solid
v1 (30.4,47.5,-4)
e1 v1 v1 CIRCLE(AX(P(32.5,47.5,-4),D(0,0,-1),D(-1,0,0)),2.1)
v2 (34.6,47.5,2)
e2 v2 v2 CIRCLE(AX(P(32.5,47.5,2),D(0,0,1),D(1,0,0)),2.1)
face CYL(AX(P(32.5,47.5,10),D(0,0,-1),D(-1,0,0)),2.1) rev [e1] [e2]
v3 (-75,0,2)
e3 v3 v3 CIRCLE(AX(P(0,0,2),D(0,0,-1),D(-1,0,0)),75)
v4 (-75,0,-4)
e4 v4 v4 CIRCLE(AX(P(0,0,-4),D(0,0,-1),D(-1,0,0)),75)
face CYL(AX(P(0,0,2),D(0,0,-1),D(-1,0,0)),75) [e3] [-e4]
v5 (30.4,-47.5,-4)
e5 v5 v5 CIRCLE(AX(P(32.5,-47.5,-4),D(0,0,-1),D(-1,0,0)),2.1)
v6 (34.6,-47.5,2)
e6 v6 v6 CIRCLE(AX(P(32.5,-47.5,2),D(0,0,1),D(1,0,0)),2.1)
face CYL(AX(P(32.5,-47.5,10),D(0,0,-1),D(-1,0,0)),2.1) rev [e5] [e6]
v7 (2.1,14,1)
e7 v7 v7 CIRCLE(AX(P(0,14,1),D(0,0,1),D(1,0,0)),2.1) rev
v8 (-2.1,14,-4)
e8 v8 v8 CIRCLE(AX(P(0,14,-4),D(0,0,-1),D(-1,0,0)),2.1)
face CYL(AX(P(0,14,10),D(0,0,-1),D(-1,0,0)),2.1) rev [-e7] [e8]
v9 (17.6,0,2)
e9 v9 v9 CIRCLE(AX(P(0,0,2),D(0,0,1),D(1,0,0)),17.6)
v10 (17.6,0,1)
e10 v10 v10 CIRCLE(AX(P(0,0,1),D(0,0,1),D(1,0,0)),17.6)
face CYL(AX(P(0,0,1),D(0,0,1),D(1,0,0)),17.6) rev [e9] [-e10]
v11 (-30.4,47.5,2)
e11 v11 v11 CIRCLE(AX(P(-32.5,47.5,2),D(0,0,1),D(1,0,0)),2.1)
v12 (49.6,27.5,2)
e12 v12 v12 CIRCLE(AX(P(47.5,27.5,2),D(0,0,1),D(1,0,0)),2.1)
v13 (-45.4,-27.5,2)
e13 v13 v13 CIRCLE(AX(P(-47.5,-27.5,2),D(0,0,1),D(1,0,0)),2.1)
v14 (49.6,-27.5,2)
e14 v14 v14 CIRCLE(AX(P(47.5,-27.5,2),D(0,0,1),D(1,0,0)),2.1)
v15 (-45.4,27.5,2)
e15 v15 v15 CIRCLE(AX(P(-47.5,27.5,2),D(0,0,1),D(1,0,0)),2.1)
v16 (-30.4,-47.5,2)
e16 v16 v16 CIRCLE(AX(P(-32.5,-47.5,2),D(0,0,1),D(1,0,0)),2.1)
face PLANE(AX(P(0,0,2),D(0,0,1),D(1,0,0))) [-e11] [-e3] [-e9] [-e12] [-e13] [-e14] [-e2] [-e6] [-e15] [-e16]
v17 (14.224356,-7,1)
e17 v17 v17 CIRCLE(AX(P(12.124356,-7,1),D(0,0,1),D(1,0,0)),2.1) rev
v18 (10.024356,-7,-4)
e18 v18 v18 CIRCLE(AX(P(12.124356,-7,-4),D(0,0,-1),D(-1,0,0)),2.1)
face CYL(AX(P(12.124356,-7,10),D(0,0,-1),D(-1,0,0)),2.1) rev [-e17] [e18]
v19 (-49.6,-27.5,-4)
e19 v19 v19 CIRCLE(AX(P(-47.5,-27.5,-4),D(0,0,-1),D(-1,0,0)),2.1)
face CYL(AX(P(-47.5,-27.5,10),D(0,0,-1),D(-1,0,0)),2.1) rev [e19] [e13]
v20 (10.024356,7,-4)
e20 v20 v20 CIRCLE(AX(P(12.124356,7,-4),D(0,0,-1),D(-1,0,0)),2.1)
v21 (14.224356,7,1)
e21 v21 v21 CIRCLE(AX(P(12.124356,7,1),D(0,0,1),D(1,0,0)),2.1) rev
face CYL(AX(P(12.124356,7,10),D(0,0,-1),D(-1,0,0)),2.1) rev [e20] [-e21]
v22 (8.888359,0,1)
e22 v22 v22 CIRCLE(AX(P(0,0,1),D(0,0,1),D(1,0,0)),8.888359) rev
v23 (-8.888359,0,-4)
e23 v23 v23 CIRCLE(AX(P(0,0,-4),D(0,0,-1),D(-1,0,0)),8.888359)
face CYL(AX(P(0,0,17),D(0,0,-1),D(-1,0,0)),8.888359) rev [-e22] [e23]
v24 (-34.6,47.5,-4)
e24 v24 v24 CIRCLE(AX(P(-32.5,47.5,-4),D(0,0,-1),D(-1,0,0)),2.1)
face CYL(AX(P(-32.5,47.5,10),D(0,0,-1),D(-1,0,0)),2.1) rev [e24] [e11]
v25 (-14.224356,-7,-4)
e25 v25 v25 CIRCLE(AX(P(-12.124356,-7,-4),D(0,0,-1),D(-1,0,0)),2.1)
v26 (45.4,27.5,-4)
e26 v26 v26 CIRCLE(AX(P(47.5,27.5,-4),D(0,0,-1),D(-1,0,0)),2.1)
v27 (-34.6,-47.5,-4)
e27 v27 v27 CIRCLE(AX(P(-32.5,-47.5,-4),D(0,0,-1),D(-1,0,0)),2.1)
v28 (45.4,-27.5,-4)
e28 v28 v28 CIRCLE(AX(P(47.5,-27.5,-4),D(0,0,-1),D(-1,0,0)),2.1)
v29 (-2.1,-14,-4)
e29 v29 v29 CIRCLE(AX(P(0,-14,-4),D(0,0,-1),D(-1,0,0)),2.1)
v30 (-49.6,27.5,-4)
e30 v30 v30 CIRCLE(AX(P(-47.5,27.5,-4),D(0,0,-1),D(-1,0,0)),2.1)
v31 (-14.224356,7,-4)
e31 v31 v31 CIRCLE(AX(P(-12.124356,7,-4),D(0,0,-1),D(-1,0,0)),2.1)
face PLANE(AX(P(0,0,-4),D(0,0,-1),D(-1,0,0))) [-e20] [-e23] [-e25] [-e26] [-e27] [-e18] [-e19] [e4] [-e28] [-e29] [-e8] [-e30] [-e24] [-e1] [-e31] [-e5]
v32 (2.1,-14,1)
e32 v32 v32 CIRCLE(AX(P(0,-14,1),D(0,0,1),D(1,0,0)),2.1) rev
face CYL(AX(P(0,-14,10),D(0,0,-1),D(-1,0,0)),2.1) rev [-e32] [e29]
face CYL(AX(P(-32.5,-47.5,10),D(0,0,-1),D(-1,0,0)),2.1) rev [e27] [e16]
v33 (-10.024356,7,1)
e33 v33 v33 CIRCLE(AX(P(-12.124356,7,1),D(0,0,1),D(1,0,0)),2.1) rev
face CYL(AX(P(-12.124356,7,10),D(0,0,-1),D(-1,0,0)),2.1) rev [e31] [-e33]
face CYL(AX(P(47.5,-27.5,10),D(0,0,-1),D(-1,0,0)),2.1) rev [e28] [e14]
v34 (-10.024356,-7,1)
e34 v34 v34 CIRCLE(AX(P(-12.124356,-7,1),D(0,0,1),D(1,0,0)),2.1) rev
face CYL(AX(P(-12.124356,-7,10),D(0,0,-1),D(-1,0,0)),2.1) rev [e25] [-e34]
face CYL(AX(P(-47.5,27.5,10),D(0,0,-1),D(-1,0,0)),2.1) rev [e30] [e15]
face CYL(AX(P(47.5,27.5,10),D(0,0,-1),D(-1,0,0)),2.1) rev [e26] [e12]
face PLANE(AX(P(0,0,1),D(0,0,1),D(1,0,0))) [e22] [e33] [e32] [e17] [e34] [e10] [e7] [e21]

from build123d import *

# Parameters (mm, degrees)
SKETCH_1_R           = 40
EXTRUDE_1_DEPTH      = 2
SKETCH_2_R           = 34
CUT_EXTRUDE_1_DEPTH  = 0.5
SKETCH_3_R           = 17.5
CUT_EXTRUDE_4_DEPTH  = 1
SKETCH_5_R           = 2
CUT_EXTRUDE_5_DEPTH  = 1
SKETCH_6_R           = 8
CUT_EXTRUDE_6_DEPTH  = 10
SKETCH_7_R           = 2.1
CUT_EXTRUDE_7_DEPTH  = 10
SKETCH_8_R           = 70
SKETCH_8_R_2         = 40
EXTRUDE_2_DEPTH      = 2
EXTRUDE_3_DEPTH      = 2
SKETCH_11_R          = 75
SKETCH_11_R_2        = 2.1
SKETCH_11_R_3        = 8
EXTRUDE_4_DEPTH      = 2
SKETCH_13_W          = 95.696329608
SKETCH_13_H          = 36
SKETCH_13_W_2        = 36
SKETCH_13_H_2        = 100.137159233
SKETCH_13_H_3        = 96.241749767
CUT_EXTRUDE_10_DEPTH = 198
SKETCH_11_3_R        = 75
SKETCH_11_3_R_2      = 2.1
SKETCH_11_3_R_3      = 8
EXTRUDE_5_DEPTH      = 2
SKETCH_17_R          = 1.65
CUT_EXTRUDE_12_DEPTH = 280
SKETCH_18_R          = 234.864992374
CUT_EXTRUDE_13_DEPTH = 222
SKETCH_20_R          = 8.888358942
CUT_EXTRUDE_15_DEPTH = 17
SKETCH_28_R          = 17.5
CUT_EXTRUDE_16_DEPTH = 1
SKETCH_34_R          = 17.6
CUT_EXTRUDE_22_DEPTH = 1
SKETCH_30_R          = 2.1
CUT_EXTRUDE_27_DEPTH = 10
SKETCH_33_R          = 2.1
CUT_EXTRUDE_28_DEPTH = 10
EXTRUDE_START        = 4
SKETCH_40_R          = 75
SKETCH_40_R_2        = 8.888358942
SKETCH_40_R_3        = 2.1
EXTRUDE_6_DEPTH      = 4


with BuildPart() as part:
    # 草图1 → 凸台-拉伸1 (new body)
    with BuildSketch(Plane.XY):
        Circle(SKETCH_1_R)
    extrude(amount=EXTRUDE_1_DEPTH)

    # 草图2 → 切除-拉伸1 (cut)
    with BuildSketch(Plane.XY.offset(2)):
        Circle(SKETCH_2_R)
    extrude(amount=-CUT_EXTRUDE_1_DEPTH, mode=Mode.SUBTRACT)

    # 草图3 → 切除-拉伸4 (cut)
    with BuildSketch(Plane.XY.offset(1.5)):
        Circle(SKETCH_3_R)
    extrude(amount=-CUT_EXTRUDE_4_DEPTH, mode=Mode.SUBTRACT)

    # 草图5 → 切除-拉伸5 (cut)
    with BuildSketch(Plane.XY.offset(0.5)):
        with Locations((0, 14)):
            Circle(SKETCH_5_R)
        with Locations((12.124355653, 7)):
            Circle(SKETCH_5_R)
        with Locations((12.124355653, -7)):
            Circle(SKETCH_5_R)
        with Locations((0, -14)):
            Circle(SKETCH_5_R)
        with Locations((-12.124355653, -7)):
            Circle(SKETCH_5_R)
        with Locations((-12.124355653, 7)):
            Circle(SKETCH_5_R)
    extrude(amount=-CUT_EXTRUDE_5_DEPTH, mode=Mode.SUBTRACT)

    # 草图6 → 切除-拉伸6 (cut)
    with BuildSketch(Plane(origin=(0, 0, 0), x_dir=(-1, 0, 0), z_dir=(0, 0, -1))):
        Circle(SKETCH_6_R)
    extrude(amount=-CUT_EXTRUDE_6_DEPTH, mode=Mode.SUBTRACT)

    # 草图7 → 切除-拉伸7 (cut)
    with BuildSketch(Plane(origin=(0, 0, 0), x_dir=(-1, 0, 0), z_dir=(0, 0, -1))):
        with Locations((0, 14)):
            Circle(SKETCH_7_R)
        with Locations((12.124355653, 7)):
            Circle(SKETCH_7_R)
        with Locations((12.124355653, -7)):
            Circle(SKETCH_7_R)
        with Locations((0, -14)):
            Circle(SKETCH_7_R)
        with Locations((-12.124355653, -7)):
            Circle(SKETCH_7_R)
        with Locations((-12.124355653, 7)):
            Circle(SKETCH_7_R)
    extrude(amount=-CUT_EXTRUDE_7_DEPTH, mode=Mode.SUBTRACT)

    # 草图8 → 凸台-拉伸2 (add)
    with BuildSketch(Plane(origin=(0, 0, 0), x_dir=(-1, 0, 0), z_dir=(0, 0, -1))):
        Circle(SKETCH_8_R)
        Circle(SKETCH_8_R_2, mode=Mode.SUBTRACT)
    extrude(amount=-EXTRUDE_2_DEPTH)

    # 草图9 → 凸台-拉伸3 (add)
    with BuildSketch(Plane(origin=(0, 0, 0), x_dir=(-1, 0, 0), z_dir=(0, 0, -1))):
        with BuildLine():
            ThreePointArc((-36.858328143, 59.510197836), (-0.940414163, 69.993682724), (35.246189577, 60.478972547))
            Line((35.246189577, 60.478972547), (35.246189577, 159.510197836))
            Line((35.246189577, 159.510197836), (-36.858328143, 159.510197836))
            Line((-36.858328143, 159.510197836), (-36.858328143, 59.510197836))
        make_face()
        with BuildLine():
            ThreePointArc((-60, -36.055512755), (-70, 0), (-60, 36.055512755))
            Line((-60, 36.055512755), (-160, 36.055512755))
            Line((-160, 36.055512755), (-160, -36.055512755))
            Line((-160, -36.055512755), (-60, -36.055512755))
        make_face()
        with BuildLine():
            Line((160, 36.055512755), (60, 36.055512755))
            ThreePointArc((60, 36.055512755), (70, 0), (60, -36.055512755))
            Line((60, -36.055512755), (160, -36.055512755))
            Line((160, -36.055512755), (160, 36.055512755))
        make_face()
        with BuildLine():
            ThreePointArc((35.246189577, -60.478972547), (-0.940414163, -69.993682724), (-36.858328143, -59.510197836))
            Line((-36.858328143, -59.510197836), (-36.858328143, -160.478972547))
            Line((-36.858328143, -160.478972547), (35.246189577, -160.478972547))
            Line((35.246189577, -160.478972547), (35.246189577, -60.478972547))
        make_face()
    extrude(amount=-EXTRUDE_3_DEPTH)

    # 草图11 → 凸台-拉伸4 (add)
    with BuildSketch(Plane(origin=(0, 0, 0), x_dir=(-1, 0, 0), z_dir=(0, 0, -1))):
        Circle(SKETCH_11_R)
        with Locations((0, -14)):
            Circle(SKETCH_11_R_2, mode=Mode.SUBTRACT)
        with Locations((-12.124355653, -7)):
            Circle(SKETCH_11_R_2, mode=Mode.SUBTRACT)
        with Locations((-12.124355653, 7)):
            Circle(SKETCH_11_R_2, mode=Mode.SUBTRACT)
        Circle(SKETCH_11_R_3, mode=Mode.SUBTRACT)
        with Locations((12.124355653, -7)):
            Circle(SKETCH_11_R_2, mode=Mode.SUBTRACT)
        with Locations((12.124355653, 7)):
            Circle(SKETCH_11_R_2, mode=Mode.SUBTRACT)
        with Locations((0, 14)):
            Circle(SKETCH_11_R_2, mode=Mode.SUBTRACT)
    extrude(amount=-EXTRUDE_4_DEPTH)

    # 草图13 → 切除-拉伸10 (cut)
    with BuildSketch(Plane(origin=(0, 0, 0), x_dir=(-1, 0, 0), z_dir=(0, 0, -1))):
        with Locations((-112.151835196, 0)):
            Rectangle(SKETCH_13_W, SKETCH_13_H)
        with Locations((0, 109.44161822)):
            Rectangle(SKETCH_13_W_2, SKETCH_13_H_2)
        Polygon((160, -18), (160, 18), (157.649128195, 18), (52.463986971, 18), (52.463986971, -18), align=None)
        with Locations((0, -112.358097664)):
            Rectangle(SKETCH_13_W_2, SKETCH_13_H_3)
    extrude(amount=-CUT_EXTRUDE_10_DEPTH, mode=Mode.SUBTRACT)

    # 草图11<3> → 凸台-拉伸5 (add)
    with BuildSketch(Plane(origin=(0, 0, 0), x_dir=(-1, 0, 0), z_dir=(0, 0, -1))):
        Circle(SKETCH_11_3_R)
        with Locations((0, -14)):
            Circle(SKETCH_11_3_R_2, mode=Mode.SUBTRACT)
        with Locations((-12.124355653, -7)):
            Circle(SKETCH_11_3_R_2, mode=Mode.SUBTRACT)
        with Locations((-12.124355653, 7)):
            Circle(SKETCH_11_3_R_2, mode=Mode.SUBTRACT)
        Circle(SKETCH_11_3_R_3, mode=Mode.SUBTRACT)
        with Locations((12.124355653, -7)):
            Circle(SKETCH_11_3_R_2, mode=Mode.SUBTRACT)
        with Locations((12.124355653, 7)):
            Circle(SKETCH_11_3_R_2, mode=Mode.SUBTRACT)
        with Locations((0, 14)):
            Circle(SKETCH_11_3_R_2, mode=Mode.SUBTRACT)
    extrude(amount=-EXTRUDE_5_DEPTH)

    # 草图17 → 切除-拉伸12 (cut)
    with BuildSketch(Plane(origin=(0, 0, 0), x_dir=(-1, 0, 0), z_dir=(0, 0, -1))):
        with Locations((-157.6, 27.027756377)):
            Circle(SKETCH_17_R)
        with Locations((-132.6, 27.027756377)):
            Circle(SKETCH_17_R)
        with Locations((-157.6, -27.027756377)):
            Circle(SKETCH_17_R)
        with Locations((-132.6, -27.027756377)):
            Circle(SKETCH_17_R)
        with Locations((27.027756377, 157.6)):
            Circle(SKETCH_17_R)
        with Locations((27.027756377, 132.6)):
            Circle(SKETCH_17_R)
        with Locations((-27.027756377, 157.6)):
            Circle(SKETCH_17_R)
        with Locations((-27.027756377, 132.6)):
            Circle(SKETCH_17_R)
        with Locations((157.6, 27.027756377)):
            Circle(SKETCH_17_R)
        with Locations((132.6, 27.027756377)):
            Circle(SKETCH_17_R)
        with Locations((-27.027756377, -157.6)):
            Circle(SKETCH_17_R)
        with Locations((-27.027756377, -132.6)):
            Circle(SKETCH_17_R)
        with Locations((27.027756377, -157.6)):
            Circle(SKETCH_17_R)
        with Locations((27.027756377, -132.6)):
            Circle(SKETCH_17_R)
    extrude(amount=-CUT_EXTRUDE_12_DEPTH, mode=Mode.SUBTRACT)

    # 草图18 → 切除-拉伸13 (cut)
    with BuildSketch(Plane(origin=(0, 0, 0), x_dir=(-1, 0, 0), z_dir=(0, 0, -1))):
        Circle(SKETCH_18_R)
        with BuildLine():
            ThreePointArc((72.807966597, -18), (-74.999955067, -0.082097142), (72.768385514, 18.159352128))
            ThreePointArc((72.768385514, 18.159352128), (74.440005755, 9.147980282), (75, 0))
            ThreePointArc((75, 0), (74.449974798, -9.066490645), (72.807966597, -18))
        make_face(mode=Mode.SUBTRACT)
        with BuildLine():
            ThreePointArc((159.25, 27.027756377), (157.6, 25.377756377), (155.95, 27.027756377))
            ThreePointArc((155.95, 27.027756377), (157.6, 28.677756377), (159.25, 27.027756377))
        make_face(mode=Mode.SUBTRACT)
    extrude(amount=-CUT_EXTRUDE_13_DEPTH, mode=Mode.SUBTRACT)

    # 草图20 → 切除-拉伸15 (cut)
    with BuildSketch(Plane(origin=(0, 0, 0), x_dir=(-1, 0, 0), z_dir=(0, 0, -1))):
        Circle(SKETCH_20_R)
    extrude(amount=-CUT_EXTRUDE_15_DEPTH, mode=Mode.SUBTRACT)

    # 草图28 → 切除-拉伸16 (cut)
    with BuildSketch(Plane.XY.offset(2)):
        Circle(SKETCH_28_R)
    extrude(amount=-CUT_EXTRUDE_16_DEPTH, mode=Mode.SUBTRACT)

    # 草图34 → 切除-拉伸22 (cut)
    with BuildSketch(Plane.XY.offset(2)):
        Circle(SKETCH_34_R)
    extrude(amount=-CUT_EXTRUDE_22_DEPTH, mode=Mode.SUBTRACT)

    # 草图30 → 切除-拉伸27 (cut)
    with BuildSketch(Plane(origin=(0, 0, 0), x_dir=(-1, 0, 0), z_dir=(0, 0, -1))):
        with Locations((-32.5, -47.5)):
            Circle(SKETCH_30_R)
        with Locations((32.5, -47.5)):
            Circle(SKETCH_30_R)
        with Locations((-32.5, 47.5)):
            Circle(SKETCH_30_R)
        with Locations((32.5, 47.5)):
            Circle(SKETCH_30_R)
    extrude(amount=-CUT_EXTRUDE_27_DEPTH, mode=Mode.SUBTRACT)

    # 草图33 → 切除-拉伸28 (cut)
    with BuildSketch(Plane(origin=(0, 0, 0), x_dir=(-1, 0, 0), z_dir=(0, 0, -1))):
        with Locations((-47.5, 27.5)):
            Circle(SKETCH_33_R)
        with Locations((-47.5, -27.5)):
            Circle(SKETCH_33_R)
        with Locations((47.5, 27.5)):
            Circle(SKETCH_33_R)
        with Locations((47.5, -27.5)):
            Circle(SKETCH_33_R)
    extrude(amount=-CUT_EXTRUDE_28_DEPTH, mode=Mode.SUBTRACT)

    # 草图40 → 凸台-拉伸6 (add)
    with BuildSketch(Plane(origin=(0, 0, 0), x_dir=(-1, 0, 0), z_dir=(0, 0, -1)).offset(EXTRUDE_START)):
        Circle(SKETCH_40_R)
        Circle(SKETCH_40_R_2, mode=Mode.SUBTRACT)
        with Locations((-12.124355653, 7)):
            Circle(SKETCH_40_R_3, mode=Mode.SUBTRACT)
        with Locations((-12.124355653, -7)):
            Circle(SKETCH_40_R_3, mode=Mode.SUBTRACT)
        with Locations((0, -14)):
            Circle(SKETCH_40_R_3, mode=Mode.SUBTRACT)
        with Locations((12.124355653, -7)):
            Circle(SKETCH_40_R_3, mode=Mode.SUBTRACT)
        with Locations((12.124355653, 7)):
            Circle(SKETCH_40_R_3, mode=Mode.SUBTRACT)
        with Locations((0, 14)):
            Circle(SKETCH_40_R_3, mode=Mode.SUBTRACT)
        with Locations((32.5, 47.5)):
            Circle(SKETCH_40_R_3, mode=Mode.SUBTRACT)
        with Locations((47.5, 27.5)):
            Circle(SKETCH_40_R_3, mode=Mode.SUBTRACT)
        with Locations((47.5, -27.5)):
            Circle(SKETCH_40_R_3, mode=Mode.SUBTRACT)
        with Locations((32.5, -47.5)):
            Circle(SKETCH_40_R_3, mode=Mode.SUBTRACT)
        with Locations((-32.5, -47.5)):
            Circle(SKETCH_40_R_3, mode=Mode.SUBTRACT)
        with Locations((-47.5, -27.5)):
            Circle(SKETCH_40_R_3, mode=Mode.SUBTRACT)
        with Locations((-47.5, 27.5)):
            Circle(SKETCH_40_R_3, mode=Mode.SUBTRACT)
        with Locations((-32.5, 47.5)):
            Circle(SKETCH_40_R_3, mode=Mode.SUBTRACT)
    extrude(amount=-EXTRUDE_6_DEPTH)


solid = part.part
